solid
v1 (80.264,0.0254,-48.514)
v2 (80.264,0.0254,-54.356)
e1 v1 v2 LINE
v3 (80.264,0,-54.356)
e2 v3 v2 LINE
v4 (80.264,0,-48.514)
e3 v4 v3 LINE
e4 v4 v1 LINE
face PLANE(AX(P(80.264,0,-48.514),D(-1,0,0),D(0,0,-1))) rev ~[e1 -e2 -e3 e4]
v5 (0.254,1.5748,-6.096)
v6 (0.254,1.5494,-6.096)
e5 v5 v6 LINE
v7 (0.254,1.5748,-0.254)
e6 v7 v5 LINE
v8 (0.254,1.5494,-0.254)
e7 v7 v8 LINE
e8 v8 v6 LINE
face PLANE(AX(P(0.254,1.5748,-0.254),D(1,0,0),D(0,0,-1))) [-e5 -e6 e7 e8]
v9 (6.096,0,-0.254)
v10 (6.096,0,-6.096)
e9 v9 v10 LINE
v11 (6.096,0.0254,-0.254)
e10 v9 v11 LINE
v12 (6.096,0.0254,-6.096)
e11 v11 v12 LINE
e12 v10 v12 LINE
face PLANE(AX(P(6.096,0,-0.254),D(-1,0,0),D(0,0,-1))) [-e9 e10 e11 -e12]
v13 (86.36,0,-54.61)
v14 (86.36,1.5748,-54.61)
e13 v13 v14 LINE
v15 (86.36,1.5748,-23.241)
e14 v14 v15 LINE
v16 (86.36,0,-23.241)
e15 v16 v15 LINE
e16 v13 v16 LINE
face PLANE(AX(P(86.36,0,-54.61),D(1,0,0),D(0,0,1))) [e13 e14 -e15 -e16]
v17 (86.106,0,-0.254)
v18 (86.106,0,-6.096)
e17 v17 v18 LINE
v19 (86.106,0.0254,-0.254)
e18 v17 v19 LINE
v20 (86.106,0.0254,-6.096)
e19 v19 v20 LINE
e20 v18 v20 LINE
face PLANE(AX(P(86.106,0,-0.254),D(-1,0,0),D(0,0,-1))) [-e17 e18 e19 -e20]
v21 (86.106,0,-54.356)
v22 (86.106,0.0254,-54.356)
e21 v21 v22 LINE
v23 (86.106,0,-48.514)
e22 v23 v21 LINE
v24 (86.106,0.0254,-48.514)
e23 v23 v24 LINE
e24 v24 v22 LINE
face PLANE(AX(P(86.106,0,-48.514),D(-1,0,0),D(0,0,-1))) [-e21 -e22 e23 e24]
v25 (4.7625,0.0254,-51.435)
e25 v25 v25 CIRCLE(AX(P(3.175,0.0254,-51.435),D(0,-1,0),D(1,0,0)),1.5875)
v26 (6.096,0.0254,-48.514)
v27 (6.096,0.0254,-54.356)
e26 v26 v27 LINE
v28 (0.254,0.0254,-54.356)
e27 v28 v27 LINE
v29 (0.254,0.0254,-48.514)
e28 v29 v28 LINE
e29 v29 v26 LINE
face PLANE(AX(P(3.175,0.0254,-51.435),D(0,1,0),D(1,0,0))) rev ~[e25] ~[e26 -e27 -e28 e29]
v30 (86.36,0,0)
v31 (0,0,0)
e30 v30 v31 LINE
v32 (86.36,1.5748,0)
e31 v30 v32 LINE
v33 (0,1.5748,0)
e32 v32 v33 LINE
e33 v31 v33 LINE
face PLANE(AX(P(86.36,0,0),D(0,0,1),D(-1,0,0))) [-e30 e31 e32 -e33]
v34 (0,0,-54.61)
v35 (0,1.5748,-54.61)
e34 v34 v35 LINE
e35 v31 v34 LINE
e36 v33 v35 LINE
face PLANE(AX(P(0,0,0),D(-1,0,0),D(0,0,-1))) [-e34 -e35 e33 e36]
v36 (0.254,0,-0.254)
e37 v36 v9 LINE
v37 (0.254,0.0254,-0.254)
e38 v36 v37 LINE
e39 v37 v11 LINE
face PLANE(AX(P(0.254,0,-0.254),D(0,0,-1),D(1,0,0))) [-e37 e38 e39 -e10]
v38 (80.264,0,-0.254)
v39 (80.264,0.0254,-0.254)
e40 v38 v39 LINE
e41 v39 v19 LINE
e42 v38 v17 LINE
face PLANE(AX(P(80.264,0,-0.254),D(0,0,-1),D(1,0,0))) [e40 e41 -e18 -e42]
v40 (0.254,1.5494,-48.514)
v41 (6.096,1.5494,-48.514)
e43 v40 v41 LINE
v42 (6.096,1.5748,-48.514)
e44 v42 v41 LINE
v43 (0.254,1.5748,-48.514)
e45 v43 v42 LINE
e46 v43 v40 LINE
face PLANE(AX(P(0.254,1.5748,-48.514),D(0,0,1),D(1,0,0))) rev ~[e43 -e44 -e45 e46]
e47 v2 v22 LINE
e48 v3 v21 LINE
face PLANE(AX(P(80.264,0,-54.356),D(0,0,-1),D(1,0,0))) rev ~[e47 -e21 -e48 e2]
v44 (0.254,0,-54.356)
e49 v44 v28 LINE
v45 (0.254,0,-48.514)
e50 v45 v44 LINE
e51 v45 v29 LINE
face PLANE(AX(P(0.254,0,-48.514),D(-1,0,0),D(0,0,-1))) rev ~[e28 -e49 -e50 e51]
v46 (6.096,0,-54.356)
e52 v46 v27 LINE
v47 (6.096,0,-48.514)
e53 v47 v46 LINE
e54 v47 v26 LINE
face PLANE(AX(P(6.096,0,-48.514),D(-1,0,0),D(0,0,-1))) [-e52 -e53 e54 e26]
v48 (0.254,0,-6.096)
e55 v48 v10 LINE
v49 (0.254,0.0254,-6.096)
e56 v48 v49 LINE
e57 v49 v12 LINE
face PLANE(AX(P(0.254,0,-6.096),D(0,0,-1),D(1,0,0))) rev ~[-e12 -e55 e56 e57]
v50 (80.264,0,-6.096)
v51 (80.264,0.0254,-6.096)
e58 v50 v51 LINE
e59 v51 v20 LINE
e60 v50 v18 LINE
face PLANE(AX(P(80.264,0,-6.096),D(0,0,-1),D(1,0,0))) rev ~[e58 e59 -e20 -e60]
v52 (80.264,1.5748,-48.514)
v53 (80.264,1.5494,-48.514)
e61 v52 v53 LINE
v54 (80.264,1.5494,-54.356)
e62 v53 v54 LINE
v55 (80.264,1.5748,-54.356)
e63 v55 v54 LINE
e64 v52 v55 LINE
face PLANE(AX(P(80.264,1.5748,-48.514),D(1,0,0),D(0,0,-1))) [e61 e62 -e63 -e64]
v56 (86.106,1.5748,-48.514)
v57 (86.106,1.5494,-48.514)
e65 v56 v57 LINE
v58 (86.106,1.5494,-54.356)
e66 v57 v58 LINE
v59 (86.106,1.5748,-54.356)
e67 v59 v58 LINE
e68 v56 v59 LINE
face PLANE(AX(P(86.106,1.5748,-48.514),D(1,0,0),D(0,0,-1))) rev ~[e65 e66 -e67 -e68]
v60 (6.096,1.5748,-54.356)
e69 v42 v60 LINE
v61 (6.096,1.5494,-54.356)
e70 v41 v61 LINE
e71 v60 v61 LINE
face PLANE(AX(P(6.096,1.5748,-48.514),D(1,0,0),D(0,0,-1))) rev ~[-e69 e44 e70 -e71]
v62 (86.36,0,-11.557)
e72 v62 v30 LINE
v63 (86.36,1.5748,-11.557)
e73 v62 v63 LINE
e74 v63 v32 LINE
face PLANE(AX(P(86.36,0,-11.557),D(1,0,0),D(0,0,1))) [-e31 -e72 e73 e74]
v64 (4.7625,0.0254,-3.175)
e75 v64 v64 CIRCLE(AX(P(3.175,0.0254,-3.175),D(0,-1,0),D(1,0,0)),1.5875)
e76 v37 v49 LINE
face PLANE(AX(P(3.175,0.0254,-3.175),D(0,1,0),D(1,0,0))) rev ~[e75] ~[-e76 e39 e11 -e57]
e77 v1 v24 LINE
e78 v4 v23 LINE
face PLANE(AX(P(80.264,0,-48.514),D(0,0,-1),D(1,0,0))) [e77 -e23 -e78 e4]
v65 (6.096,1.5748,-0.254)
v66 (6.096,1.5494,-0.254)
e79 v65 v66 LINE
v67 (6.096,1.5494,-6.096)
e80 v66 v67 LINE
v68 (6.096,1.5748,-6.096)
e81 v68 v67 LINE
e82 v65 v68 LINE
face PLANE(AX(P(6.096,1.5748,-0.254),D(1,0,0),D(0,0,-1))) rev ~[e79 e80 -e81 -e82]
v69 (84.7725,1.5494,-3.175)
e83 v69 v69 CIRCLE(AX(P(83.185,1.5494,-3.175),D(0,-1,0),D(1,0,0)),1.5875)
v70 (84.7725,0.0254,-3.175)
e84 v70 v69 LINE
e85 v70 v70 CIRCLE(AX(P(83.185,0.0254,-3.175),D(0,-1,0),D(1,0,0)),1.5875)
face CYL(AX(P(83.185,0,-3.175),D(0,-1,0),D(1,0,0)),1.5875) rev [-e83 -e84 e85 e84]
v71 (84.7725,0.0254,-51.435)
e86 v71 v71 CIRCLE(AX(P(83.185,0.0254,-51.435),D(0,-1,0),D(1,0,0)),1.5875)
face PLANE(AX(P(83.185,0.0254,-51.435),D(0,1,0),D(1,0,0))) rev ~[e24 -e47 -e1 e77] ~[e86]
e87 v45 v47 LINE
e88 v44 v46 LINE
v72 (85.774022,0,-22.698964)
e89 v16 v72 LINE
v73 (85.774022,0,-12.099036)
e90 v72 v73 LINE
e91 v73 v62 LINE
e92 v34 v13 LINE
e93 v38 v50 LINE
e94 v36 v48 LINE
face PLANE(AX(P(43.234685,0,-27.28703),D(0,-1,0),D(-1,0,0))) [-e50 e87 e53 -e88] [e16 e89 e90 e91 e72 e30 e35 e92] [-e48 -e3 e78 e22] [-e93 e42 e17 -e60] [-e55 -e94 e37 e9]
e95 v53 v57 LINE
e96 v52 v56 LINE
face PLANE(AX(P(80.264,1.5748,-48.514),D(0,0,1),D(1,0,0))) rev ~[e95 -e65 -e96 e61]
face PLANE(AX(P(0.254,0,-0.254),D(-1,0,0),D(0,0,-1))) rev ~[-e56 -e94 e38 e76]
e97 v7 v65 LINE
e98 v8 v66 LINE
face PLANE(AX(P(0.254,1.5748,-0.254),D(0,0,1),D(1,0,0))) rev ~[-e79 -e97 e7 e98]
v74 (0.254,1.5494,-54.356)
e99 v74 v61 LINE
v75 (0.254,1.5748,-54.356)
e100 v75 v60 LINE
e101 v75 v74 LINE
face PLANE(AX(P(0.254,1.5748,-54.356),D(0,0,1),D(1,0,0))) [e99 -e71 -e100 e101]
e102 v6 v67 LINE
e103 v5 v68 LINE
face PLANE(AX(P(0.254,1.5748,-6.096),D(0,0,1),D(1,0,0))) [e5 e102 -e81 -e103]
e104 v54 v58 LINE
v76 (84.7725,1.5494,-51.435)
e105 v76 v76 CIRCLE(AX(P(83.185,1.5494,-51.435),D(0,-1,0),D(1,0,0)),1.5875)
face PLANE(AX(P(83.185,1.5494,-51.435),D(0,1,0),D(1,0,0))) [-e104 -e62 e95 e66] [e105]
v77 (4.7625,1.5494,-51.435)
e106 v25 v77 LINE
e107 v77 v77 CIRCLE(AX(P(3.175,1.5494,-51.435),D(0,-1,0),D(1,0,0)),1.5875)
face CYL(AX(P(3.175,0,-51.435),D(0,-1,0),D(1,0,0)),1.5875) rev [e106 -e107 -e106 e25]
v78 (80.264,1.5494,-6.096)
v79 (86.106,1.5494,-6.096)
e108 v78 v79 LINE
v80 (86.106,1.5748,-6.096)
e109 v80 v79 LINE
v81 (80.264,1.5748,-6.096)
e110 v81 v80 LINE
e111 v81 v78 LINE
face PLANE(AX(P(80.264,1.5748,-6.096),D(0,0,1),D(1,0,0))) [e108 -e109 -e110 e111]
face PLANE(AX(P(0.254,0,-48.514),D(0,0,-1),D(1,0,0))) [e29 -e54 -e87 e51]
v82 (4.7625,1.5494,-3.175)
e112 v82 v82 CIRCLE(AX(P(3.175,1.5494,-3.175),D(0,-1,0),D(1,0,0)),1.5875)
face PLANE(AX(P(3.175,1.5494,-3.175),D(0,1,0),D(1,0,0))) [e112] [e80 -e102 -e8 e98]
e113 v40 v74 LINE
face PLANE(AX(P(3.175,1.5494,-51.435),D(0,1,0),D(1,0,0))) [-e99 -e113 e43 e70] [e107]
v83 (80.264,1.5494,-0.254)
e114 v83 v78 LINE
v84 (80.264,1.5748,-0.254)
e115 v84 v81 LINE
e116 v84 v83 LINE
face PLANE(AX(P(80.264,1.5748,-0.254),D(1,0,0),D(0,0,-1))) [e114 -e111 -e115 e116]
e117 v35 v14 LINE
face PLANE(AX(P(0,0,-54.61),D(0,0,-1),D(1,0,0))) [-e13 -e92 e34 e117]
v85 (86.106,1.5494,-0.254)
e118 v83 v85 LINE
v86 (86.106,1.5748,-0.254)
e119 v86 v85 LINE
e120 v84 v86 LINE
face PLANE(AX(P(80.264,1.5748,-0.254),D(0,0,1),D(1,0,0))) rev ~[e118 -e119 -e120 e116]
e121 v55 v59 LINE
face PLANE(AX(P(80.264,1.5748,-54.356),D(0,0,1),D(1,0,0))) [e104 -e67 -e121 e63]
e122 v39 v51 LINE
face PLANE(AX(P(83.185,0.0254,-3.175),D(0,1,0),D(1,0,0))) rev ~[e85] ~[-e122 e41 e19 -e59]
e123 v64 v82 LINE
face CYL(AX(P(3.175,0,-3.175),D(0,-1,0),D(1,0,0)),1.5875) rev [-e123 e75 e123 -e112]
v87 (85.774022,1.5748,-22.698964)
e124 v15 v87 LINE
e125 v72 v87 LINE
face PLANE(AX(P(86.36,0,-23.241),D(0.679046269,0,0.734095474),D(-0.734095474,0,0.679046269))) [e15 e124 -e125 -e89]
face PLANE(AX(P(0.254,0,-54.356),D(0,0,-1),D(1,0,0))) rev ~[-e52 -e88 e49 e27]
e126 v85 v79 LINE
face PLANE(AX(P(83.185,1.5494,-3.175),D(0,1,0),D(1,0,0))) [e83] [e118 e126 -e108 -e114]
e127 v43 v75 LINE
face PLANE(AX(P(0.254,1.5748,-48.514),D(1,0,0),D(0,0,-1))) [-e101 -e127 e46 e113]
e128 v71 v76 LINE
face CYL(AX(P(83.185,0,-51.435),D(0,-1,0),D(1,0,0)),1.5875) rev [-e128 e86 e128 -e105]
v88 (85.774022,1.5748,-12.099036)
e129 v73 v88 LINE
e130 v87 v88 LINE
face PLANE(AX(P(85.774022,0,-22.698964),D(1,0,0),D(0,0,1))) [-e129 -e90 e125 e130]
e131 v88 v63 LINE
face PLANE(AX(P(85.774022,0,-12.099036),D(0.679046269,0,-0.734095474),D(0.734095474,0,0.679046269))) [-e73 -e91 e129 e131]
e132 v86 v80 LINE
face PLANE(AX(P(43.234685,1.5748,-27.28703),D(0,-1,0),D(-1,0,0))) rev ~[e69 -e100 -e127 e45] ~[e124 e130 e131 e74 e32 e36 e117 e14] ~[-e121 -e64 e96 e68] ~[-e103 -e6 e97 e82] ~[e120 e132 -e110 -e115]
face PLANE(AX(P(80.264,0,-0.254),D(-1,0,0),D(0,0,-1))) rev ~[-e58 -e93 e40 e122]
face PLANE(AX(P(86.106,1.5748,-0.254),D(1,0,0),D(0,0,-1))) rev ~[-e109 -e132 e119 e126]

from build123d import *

# Parameters (mm, degrees)
SKETCH1_R           = 1.5875
BOSS_EXTRUDE1_DEPTH = 1.5748
SKETCH2_W           = 5.842
SKETCH2_H           = 5.842
CUT_EXTRUDE1_DEPTH  = 0.0254
CUT_EXTRUDE2_START  = -1.5748
SKETCH2_2_W         = 5.842
SKETCH2_2_H         = 5.842
CUT_EXTRUDE2_DEPTH  = 0.0254


with BuildPart() as part:
    # Sketch1 → Boss-Extrude1 (new body)
    with BuildSketch(Plane(origin=(0, 0, 0), x_dir=(1, 0, 0), z_dir=(0, 1, 0))):
        Polygon((85.774022, 22.698964), (85.774022, 12.099036), (86.36, 11.557), (86.36, 0), (0, 0), (0, 54.61), (86.36, 54.61), (86.36, 23.241), align=None)
        with Locations((3.175, 51.435)):
            Circle(SKETCH1_R, mode=Mode.SUBTRACT)
        with Locations((3.175, 3.175)):
            Circle(SKETCH1_R, mode=Mode.SUBTRACT)
        with Locations((83.185, 3.175)):
            Circle(SKETCH1_R, mode=Mode.SUBTRACT)
        with Locations((83.185, 51.435)):
            Circle(SKETCH1_R, mode=Mode.SUBTRACT)
    extrude(amount=BOSS_EXTRUDE1_DEPTH)

    # Sketch2 → Cut-Extrude1 (cut)
    with BuildSketch(Plane(origin=(0, 1.5748, 0), x_dir=(1, 0, 0), z_dir=(0, 1, 0))):
        with Locations((3.175, 51.435)):
            Rectangle(SKETCH2_W, SKETCH2_H)
        with Locations((3.175, 3.175)):
            Rectangle(SKETCH2_W, SKETCH2_H)
        with Locations((83.185, 3.175)):
            Rectangle(SKETCH2_W, SKETCH2_H)
        with Locations((83.185, 51.435)):
            Rectangle(SKETCH2_W, SKETCH2_H)
    extrude(amount=-CUT_EXTRUDE1_DEPTH, mode=Mode.SUBTRACT)

    # Sketch2<2> → Cut-Extrude2 (cut)
    with BuildSketch(Plane(origin=(0, 1.5748, 0), x_dir=(1, 0, 0), z_dir=(0, 1, 0)).offset(CUT_EXTRUDE2_START)):
        with Locations((3.175, 51.435)):
            Rectangle(SKETCH2_2_W, SKETCH2_2_H)
        with Locations((3.175, 3.175)):
            Rectangle(SKETCH2_2_W, SKETCH2_2_H)
        with Locations((83.185, 3.175)):
            Rectangle(SKETCH2_2_W, SKETCH2_2_H)
        with Locations((83.185, 51.435)):
            Rectangle(SKETCH2_2_W, SKETCH2_2_H)
    extrude(amount=CUT_EXTRUDE2_DEPTH, mode=Mode.SUBTRACT)


solid = part.part
